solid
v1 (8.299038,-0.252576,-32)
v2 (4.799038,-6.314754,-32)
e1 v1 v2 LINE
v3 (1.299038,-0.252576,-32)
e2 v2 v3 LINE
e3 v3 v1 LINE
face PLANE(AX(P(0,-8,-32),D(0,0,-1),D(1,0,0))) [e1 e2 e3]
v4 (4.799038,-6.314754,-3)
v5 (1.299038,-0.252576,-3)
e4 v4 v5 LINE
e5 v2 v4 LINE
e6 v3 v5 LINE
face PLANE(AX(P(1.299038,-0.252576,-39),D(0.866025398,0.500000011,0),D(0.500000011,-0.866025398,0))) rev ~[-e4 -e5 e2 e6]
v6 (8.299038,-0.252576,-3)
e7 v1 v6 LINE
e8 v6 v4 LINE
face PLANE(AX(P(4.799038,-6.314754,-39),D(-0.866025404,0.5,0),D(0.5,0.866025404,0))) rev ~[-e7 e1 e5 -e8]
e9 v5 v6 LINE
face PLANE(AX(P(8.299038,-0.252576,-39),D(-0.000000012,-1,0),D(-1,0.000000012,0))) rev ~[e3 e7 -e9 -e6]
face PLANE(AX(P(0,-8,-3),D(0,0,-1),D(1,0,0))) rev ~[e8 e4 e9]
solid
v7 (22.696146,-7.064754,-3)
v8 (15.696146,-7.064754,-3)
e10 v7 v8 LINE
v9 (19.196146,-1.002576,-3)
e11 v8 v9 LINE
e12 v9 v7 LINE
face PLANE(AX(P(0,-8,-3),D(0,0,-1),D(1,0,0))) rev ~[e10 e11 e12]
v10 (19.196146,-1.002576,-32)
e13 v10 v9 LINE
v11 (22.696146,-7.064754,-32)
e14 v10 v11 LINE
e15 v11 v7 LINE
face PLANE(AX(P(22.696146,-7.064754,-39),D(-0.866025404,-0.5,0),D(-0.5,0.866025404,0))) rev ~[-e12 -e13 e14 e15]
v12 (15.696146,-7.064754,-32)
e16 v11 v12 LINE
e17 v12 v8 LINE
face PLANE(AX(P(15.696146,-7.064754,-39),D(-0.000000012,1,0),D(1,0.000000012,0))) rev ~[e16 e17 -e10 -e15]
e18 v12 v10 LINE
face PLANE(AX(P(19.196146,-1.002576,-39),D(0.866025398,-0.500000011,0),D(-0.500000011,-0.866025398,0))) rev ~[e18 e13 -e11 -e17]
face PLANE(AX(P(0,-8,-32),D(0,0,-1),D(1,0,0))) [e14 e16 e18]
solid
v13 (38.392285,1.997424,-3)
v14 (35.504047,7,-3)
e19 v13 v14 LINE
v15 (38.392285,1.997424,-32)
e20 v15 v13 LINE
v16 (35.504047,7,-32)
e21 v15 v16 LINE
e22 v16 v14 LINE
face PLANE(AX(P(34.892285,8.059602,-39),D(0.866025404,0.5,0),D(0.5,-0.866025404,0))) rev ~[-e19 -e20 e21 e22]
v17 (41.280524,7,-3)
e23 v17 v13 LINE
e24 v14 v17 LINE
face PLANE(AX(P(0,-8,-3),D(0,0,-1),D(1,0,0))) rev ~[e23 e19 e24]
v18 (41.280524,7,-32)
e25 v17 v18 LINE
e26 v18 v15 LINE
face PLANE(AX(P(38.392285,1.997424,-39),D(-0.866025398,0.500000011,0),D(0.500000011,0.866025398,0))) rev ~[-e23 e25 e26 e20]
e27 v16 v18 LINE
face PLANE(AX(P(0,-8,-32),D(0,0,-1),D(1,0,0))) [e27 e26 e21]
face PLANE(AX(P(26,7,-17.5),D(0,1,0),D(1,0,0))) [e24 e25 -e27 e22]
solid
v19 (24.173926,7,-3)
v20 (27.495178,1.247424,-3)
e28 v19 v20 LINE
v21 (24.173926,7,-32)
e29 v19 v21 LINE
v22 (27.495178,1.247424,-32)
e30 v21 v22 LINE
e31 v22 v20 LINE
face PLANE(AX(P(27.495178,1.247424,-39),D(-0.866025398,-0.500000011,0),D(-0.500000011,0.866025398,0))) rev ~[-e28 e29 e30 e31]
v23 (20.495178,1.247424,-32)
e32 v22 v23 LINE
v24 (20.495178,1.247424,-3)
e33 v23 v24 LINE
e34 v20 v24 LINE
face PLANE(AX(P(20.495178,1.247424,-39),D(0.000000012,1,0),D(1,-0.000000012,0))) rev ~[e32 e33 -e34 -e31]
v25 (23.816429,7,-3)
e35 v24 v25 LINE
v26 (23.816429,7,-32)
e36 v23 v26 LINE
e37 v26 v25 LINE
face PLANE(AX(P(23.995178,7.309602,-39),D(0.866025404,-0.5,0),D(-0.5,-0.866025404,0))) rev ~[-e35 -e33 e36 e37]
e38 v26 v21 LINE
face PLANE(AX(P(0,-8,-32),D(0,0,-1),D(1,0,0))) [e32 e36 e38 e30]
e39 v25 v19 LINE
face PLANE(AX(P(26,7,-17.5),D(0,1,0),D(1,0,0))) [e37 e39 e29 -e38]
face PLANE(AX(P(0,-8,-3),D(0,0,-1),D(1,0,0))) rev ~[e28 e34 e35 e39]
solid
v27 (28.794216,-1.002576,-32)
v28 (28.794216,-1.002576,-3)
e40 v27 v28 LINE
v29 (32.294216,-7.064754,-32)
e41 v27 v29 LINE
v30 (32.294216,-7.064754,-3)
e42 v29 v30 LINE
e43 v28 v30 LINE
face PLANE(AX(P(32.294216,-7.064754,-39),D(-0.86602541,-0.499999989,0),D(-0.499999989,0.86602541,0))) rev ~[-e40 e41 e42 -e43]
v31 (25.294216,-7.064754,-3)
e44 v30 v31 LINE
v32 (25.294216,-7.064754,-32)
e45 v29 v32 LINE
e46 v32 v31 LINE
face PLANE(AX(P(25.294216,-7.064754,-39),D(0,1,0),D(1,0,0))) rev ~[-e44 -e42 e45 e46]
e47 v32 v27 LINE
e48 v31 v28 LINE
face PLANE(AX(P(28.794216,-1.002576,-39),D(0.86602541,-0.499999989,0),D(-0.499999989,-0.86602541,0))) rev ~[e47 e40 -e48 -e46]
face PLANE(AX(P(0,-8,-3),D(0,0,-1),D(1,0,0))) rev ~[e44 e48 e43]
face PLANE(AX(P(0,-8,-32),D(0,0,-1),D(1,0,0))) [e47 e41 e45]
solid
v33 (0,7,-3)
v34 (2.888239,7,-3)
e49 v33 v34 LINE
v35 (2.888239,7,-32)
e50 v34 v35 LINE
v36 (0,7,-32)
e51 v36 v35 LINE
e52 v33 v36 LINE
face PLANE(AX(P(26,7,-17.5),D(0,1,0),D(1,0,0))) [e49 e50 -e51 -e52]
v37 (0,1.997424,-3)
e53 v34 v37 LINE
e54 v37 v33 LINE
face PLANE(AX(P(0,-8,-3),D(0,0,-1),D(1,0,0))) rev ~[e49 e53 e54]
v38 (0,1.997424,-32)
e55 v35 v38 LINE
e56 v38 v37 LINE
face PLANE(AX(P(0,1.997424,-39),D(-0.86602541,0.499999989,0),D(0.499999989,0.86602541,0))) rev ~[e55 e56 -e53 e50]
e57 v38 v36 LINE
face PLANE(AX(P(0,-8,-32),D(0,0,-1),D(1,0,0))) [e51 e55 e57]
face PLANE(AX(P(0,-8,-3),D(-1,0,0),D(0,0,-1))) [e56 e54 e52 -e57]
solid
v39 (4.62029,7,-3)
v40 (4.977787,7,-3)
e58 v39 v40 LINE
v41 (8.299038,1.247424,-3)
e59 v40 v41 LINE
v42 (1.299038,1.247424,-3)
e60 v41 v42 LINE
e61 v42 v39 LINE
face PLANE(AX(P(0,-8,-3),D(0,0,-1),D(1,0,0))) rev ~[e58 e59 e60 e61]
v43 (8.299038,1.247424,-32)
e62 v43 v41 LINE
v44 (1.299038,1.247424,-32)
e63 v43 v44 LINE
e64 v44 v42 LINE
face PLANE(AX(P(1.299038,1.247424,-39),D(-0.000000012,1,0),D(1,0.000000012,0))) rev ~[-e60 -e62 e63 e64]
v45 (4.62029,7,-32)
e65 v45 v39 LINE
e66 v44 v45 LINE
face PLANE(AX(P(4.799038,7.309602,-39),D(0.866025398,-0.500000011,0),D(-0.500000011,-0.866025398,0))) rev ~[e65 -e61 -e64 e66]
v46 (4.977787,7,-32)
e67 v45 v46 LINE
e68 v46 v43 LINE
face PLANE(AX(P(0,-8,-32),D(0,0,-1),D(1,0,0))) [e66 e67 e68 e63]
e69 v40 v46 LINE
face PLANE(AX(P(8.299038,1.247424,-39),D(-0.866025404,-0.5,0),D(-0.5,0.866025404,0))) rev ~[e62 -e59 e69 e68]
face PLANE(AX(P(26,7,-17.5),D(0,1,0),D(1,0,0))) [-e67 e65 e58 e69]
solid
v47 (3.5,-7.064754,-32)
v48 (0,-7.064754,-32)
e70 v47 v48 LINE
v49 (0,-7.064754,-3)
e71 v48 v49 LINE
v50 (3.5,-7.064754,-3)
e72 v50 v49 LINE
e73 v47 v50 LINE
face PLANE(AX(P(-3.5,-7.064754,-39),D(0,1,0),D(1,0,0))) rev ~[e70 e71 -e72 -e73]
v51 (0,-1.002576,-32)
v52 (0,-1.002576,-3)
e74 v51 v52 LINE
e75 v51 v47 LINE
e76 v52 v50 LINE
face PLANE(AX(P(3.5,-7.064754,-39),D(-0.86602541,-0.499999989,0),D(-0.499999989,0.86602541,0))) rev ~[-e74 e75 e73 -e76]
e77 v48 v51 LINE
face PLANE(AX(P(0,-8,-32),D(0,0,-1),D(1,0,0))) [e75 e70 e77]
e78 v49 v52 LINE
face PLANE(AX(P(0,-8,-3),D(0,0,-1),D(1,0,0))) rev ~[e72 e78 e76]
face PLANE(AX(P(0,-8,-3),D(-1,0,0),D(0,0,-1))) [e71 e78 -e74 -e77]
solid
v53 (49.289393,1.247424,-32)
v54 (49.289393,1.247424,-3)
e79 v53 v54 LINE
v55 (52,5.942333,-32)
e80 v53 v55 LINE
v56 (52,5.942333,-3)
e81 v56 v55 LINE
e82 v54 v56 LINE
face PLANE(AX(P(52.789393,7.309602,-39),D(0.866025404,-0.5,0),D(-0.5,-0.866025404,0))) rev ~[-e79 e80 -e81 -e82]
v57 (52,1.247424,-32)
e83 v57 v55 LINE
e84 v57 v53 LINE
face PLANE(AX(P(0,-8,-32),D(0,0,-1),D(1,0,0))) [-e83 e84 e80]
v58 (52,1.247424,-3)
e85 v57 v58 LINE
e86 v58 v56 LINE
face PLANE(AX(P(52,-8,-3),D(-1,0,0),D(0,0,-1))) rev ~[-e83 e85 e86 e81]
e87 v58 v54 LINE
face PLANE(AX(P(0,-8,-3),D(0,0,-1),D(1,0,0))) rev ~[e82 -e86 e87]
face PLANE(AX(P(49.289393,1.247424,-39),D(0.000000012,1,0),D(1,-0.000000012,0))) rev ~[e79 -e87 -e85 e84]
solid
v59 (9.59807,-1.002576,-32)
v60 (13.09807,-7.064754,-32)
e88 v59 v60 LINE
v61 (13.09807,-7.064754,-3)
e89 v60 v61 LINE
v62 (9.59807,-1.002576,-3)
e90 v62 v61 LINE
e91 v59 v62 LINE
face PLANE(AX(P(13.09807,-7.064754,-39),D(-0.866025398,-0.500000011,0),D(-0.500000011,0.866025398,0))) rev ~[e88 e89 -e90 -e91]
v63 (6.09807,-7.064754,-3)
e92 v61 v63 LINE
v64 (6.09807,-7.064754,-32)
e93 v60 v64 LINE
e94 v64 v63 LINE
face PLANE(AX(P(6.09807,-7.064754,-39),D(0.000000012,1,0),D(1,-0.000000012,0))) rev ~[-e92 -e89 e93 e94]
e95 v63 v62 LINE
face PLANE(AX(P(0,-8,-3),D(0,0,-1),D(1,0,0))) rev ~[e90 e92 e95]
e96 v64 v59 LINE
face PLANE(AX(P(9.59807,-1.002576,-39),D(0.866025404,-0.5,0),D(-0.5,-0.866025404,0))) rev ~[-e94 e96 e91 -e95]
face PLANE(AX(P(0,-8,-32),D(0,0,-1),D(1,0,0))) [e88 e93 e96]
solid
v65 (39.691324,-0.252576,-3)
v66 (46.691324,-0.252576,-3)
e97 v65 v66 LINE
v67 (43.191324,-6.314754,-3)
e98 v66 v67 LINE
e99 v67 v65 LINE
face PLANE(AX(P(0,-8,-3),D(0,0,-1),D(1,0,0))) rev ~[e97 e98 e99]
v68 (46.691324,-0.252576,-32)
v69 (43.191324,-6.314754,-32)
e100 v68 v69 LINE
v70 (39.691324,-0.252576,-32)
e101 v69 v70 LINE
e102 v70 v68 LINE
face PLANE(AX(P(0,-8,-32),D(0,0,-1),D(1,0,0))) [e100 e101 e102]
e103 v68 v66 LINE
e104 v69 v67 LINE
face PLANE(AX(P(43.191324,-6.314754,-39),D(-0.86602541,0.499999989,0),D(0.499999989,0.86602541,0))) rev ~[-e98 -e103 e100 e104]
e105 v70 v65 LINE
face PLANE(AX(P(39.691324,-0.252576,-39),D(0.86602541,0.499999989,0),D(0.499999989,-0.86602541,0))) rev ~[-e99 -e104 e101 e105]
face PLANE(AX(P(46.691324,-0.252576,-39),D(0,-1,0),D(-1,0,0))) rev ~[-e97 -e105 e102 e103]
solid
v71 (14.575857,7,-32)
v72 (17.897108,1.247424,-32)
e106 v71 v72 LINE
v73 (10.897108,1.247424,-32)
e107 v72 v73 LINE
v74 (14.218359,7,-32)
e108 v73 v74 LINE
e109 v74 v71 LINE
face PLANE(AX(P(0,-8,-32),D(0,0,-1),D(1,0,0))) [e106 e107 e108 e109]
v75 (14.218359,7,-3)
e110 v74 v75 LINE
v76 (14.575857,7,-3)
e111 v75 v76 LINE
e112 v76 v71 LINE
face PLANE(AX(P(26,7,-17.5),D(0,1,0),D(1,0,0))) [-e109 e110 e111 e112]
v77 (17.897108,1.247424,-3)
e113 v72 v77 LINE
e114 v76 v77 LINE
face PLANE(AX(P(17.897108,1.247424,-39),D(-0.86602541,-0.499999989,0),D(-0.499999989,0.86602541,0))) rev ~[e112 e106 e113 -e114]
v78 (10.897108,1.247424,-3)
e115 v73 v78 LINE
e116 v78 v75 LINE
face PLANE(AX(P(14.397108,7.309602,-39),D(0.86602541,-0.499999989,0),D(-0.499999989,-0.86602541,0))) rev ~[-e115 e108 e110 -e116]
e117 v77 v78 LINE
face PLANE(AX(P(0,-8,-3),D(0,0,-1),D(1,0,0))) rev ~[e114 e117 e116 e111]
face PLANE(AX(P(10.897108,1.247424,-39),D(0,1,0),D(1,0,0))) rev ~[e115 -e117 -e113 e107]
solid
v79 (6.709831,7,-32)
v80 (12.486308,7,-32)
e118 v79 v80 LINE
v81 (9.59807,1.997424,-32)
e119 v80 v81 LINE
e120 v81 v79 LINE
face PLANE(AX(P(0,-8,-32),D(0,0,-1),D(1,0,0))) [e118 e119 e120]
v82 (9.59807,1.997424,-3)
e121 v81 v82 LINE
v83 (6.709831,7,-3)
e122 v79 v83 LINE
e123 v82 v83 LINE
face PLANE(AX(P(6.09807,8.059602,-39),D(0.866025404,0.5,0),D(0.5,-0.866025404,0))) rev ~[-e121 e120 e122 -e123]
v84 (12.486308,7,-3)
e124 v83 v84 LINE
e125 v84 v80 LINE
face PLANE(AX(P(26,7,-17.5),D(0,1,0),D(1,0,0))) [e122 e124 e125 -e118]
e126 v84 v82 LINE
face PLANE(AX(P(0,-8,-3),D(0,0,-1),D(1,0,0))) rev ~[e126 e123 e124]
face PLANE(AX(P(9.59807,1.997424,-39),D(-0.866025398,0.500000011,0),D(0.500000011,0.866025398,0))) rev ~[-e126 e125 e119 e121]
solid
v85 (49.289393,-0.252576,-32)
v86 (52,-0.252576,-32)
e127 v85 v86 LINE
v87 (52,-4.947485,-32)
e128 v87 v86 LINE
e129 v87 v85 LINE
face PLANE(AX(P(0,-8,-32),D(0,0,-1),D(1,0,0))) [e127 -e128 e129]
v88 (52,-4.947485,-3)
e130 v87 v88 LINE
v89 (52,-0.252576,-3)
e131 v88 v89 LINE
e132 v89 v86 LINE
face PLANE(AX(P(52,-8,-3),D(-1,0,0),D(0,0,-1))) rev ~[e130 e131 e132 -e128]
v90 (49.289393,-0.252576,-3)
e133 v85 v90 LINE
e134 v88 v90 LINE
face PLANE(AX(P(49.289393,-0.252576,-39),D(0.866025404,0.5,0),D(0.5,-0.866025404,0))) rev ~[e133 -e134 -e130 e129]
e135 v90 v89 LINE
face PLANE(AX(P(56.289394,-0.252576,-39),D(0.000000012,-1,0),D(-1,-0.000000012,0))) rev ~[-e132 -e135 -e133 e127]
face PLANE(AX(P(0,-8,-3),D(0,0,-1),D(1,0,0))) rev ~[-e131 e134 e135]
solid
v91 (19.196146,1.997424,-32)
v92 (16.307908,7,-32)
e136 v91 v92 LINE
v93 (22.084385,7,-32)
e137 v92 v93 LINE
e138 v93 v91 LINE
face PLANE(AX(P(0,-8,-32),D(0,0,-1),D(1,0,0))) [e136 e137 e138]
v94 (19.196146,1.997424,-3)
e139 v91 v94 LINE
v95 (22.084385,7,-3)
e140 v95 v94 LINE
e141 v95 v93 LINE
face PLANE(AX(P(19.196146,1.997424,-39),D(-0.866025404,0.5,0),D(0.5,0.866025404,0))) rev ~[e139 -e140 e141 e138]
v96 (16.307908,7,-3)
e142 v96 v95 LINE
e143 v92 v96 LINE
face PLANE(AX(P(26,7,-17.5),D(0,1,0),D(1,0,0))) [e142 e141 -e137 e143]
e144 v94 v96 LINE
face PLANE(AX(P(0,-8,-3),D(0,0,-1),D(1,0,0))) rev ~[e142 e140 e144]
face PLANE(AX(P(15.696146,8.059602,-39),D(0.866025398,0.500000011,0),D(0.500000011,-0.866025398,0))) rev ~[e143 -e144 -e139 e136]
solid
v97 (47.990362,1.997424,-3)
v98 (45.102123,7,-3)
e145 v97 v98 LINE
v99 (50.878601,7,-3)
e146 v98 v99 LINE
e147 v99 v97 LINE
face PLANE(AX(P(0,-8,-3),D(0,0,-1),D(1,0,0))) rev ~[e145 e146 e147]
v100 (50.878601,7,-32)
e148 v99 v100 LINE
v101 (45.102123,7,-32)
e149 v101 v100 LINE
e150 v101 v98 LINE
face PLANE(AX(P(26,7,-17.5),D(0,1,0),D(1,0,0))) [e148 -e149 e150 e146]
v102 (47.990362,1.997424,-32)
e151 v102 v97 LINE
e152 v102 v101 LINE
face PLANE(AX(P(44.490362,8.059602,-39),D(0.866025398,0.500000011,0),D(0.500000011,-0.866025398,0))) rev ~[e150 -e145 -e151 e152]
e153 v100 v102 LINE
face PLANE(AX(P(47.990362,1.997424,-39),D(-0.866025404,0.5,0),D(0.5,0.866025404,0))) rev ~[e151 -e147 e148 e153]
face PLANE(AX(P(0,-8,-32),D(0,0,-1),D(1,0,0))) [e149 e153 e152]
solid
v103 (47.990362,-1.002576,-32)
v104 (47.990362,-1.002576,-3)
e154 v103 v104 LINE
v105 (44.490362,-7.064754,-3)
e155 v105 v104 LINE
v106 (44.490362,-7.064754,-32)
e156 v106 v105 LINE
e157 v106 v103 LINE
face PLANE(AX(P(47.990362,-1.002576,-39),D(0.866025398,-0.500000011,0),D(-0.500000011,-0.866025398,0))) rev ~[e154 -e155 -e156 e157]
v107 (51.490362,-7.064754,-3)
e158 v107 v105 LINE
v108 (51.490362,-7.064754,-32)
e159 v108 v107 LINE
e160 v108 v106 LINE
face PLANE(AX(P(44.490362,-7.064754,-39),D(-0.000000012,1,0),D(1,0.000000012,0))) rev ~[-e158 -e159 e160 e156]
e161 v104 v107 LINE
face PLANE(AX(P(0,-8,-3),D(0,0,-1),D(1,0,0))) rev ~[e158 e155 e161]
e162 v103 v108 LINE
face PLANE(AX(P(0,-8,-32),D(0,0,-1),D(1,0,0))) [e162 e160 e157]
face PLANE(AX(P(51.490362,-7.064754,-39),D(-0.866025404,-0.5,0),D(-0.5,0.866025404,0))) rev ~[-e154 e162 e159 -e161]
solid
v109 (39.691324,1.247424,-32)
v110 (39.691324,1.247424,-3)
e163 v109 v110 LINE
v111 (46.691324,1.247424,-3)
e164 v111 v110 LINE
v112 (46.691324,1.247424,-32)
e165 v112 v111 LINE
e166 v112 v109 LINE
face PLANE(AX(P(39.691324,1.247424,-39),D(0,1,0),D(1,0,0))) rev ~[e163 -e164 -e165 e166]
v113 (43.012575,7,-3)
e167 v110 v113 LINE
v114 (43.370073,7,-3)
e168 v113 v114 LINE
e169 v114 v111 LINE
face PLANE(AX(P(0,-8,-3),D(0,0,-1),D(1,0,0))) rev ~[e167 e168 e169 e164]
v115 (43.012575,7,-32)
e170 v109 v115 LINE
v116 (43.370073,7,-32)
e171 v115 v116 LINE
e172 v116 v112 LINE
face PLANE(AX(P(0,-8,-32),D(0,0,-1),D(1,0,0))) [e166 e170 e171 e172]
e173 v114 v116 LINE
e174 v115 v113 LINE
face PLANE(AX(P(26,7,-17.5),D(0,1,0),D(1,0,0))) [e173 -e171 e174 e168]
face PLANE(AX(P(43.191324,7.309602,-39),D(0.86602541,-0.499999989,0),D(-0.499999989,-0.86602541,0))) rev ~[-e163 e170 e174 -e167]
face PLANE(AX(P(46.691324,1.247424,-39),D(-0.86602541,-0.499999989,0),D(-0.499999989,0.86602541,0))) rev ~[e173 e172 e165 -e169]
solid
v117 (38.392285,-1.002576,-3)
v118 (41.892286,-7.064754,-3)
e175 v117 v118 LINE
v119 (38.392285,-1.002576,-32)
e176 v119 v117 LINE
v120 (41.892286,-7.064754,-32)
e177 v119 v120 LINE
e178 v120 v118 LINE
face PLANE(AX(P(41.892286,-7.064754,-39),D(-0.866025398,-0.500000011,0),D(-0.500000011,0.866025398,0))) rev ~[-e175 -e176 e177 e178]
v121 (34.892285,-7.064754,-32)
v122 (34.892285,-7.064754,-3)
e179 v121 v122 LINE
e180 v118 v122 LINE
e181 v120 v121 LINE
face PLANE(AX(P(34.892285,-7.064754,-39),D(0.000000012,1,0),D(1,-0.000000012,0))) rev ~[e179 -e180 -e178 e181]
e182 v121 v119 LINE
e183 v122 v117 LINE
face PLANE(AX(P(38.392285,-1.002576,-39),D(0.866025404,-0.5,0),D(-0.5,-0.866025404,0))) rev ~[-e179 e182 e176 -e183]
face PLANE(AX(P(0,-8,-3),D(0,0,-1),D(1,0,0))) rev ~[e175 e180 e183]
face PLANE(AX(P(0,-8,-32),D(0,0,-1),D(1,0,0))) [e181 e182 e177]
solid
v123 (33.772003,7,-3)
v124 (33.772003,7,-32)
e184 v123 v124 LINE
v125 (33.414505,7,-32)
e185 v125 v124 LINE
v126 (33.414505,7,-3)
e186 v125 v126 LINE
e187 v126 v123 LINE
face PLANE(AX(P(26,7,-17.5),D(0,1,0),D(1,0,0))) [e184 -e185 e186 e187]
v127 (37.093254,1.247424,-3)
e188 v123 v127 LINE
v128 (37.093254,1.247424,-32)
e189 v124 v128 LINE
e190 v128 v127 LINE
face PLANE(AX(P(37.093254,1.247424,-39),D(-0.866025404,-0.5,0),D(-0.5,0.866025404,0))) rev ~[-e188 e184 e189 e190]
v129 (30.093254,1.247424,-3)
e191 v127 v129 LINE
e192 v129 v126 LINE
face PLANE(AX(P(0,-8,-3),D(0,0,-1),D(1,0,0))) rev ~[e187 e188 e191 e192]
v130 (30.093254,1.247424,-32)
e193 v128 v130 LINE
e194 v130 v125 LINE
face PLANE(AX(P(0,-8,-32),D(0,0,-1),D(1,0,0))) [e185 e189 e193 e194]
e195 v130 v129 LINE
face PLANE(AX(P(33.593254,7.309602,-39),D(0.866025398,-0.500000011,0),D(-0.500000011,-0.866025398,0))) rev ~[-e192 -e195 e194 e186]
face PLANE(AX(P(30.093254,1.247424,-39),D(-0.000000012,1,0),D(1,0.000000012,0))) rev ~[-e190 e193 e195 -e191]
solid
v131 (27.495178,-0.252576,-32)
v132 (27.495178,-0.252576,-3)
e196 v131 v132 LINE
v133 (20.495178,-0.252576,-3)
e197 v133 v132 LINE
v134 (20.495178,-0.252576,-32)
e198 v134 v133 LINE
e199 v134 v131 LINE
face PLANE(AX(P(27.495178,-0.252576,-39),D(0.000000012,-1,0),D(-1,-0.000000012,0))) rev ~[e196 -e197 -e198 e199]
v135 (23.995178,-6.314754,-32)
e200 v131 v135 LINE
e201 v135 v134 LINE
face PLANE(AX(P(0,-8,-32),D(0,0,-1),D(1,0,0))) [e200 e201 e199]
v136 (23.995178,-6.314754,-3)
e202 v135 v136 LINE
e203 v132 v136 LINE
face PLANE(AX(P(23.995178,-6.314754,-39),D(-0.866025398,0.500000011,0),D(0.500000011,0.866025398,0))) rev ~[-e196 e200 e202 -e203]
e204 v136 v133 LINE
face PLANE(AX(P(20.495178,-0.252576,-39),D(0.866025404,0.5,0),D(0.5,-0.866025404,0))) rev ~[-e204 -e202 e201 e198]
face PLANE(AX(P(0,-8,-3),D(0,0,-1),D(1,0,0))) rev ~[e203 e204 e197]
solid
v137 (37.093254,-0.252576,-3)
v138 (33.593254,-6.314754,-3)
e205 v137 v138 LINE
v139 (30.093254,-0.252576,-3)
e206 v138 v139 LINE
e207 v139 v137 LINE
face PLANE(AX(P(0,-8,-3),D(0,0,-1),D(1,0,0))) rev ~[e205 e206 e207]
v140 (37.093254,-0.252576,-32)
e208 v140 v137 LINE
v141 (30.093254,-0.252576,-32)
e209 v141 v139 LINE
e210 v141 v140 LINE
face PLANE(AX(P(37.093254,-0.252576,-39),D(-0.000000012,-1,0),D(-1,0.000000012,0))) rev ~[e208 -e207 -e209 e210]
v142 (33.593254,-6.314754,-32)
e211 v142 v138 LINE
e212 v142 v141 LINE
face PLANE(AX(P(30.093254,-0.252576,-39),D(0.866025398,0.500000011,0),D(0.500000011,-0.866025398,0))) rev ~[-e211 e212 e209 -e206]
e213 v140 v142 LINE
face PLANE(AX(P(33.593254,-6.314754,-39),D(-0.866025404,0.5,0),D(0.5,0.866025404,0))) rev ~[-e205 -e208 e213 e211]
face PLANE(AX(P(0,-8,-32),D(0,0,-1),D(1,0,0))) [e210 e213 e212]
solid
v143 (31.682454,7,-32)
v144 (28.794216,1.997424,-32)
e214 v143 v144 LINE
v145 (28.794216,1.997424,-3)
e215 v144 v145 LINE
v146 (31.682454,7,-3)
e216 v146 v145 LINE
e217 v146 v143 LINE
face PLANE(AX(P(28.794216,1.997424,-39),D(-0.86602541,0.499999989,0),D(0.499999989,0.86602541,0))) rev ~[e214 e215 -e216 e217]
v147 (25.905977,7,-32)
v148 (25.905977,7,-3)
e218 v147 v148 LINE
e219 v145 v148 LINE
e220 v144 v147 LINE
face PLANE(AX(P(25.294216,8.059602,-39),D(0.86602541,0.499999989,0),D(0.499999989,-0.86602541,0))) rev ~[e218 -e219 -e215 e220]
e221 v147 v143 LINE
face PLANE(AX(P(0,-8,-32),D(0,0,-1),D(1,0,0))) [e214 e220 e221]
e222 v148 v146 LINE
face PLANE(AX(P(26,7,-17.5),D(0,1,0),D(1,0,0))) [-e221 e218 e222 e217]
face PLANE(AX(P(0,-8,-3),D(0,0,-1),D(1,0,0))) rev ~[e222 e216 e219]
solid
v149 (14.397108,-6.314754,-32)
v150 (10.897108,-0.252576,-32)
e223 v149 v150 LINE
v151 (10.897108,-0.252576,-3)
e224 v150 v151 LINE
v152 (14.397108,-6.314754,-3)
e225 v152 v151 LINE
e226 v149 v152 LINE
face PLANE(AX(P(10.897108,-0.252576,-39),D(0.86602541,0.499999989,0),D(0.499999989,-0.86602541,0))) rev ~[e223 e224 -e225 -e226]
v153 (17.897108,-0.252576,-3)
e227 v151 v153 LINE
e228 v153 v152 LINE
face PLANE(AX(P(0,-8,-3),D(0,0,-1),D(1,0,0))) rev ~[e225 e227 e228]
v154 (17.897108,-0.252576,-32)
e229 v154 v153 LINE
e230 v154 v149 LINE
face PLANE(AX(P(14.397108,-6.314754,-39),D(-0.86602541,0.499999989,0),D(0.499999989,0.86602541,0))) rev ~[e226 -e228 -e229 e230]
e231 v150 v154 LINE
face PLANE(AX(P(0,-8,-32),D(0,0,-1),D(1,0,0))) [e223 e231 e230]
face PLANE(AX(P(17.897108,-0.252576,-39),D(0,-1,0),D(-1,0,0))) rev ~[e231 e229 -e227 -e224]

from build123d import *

# Parameters (mm, degrees)
BOX004_W              = 52
BOX004_H              = 29
BOX004_DEPTH          = 15
BOX004_ROLL_ANGLE     = -90
PAD008_DEPTH          = 50
ARRAY_COUNT           = 6
ARRAY_PLACEMENT_ANGLE = 90
ARRAY001_X_COUNT      = 8
ARRAY001_X_PITCH      = 16.624356
ARRAY001_Y_COUNT      = 8
ARRAY001_Y_PITCH      = 16.624356


with BuildPart() as mrdomain:
    # Box004 → Box004 (new body)
    with BuildSketch(Plane.XY):
        with Locations((26, 14.5)):
            Rectangle(BOX004_W, BOX004_H)
    extrude(amount=BOX004_DEPTH)


with BuildPart() as mrdomain_1:
    # Box004 roll: moved
    add(mrdomain.part.rotate(Axis((0, 0, 0), (1, 0, 0)), BOX004_ROLL_ANGLE))


with BuildPart() as mrdomain_2:
    # Box004 placement: moved
    add(mrdomain_1.part.moved(Location((0, -8, -3))))


with BuildPart() as coremrtool:
    # Sketch020 → Pad008 (new body)
    with BuildSketch(Plane.XY):
        Polygon((7.562178, 3.5), (1.5, 0), (7.562178, -3.5), align=None)
    extrude(amount=PAD008_DEPTH)

    # Array: CoreMRTool ×6 about axis
    array_axis = Axis((0, 0, 0), (0, 0, 1))


with BuildPart() as coremrtool_1:
    add(coremrtool.part)
    for i in range(1, ARRAY_COUNT):
        add(coremrtool.part.rotate(array_axis, i * 360 / ARRAY_COUNT))


with BuildPart() as coremrtool_2:
    # Array placement: moved
    add(coremrtool_1.part.rotate(Axis((0, 0, 0), (0, 0, 1)), ARRAY_PLACEMENT_ANGLE))

    # Array001 X: CoreMRTool ×8


with BuildPart() as coremrtool_3:
    add(coremrtool_2.part)
    with Locations(*[Vector(0.866025, 0.5, 0) * (i * ARRAY001_X_PITCH) for i in range(1, ARRAY001_X_COUNT)]):
        add(coremrtool_2.part)

    # Array001 Y: CoreMRTool ×8


with BuildPart() as coremrtool_4:
    add(coremrtool_3.part)
    with Locations(*[Vector(-0.866025, 0.5, 0) * (i * ARRAY001_Y_PITCH) for i in range(1, ARRAY001_Y_COUNT)]):
        add(coremrtool_3.part)


with BuildPart() as coremrtool_5:
    # Clone015 placement: moved
    add(coremrtool_4.part.moved(Location((0, -66, -39))))

    # Common001: intersect MRDomain
    add(mrdomain_2.part, mode=Mode.INTERSECT)


solid = coremrtool_5.part
